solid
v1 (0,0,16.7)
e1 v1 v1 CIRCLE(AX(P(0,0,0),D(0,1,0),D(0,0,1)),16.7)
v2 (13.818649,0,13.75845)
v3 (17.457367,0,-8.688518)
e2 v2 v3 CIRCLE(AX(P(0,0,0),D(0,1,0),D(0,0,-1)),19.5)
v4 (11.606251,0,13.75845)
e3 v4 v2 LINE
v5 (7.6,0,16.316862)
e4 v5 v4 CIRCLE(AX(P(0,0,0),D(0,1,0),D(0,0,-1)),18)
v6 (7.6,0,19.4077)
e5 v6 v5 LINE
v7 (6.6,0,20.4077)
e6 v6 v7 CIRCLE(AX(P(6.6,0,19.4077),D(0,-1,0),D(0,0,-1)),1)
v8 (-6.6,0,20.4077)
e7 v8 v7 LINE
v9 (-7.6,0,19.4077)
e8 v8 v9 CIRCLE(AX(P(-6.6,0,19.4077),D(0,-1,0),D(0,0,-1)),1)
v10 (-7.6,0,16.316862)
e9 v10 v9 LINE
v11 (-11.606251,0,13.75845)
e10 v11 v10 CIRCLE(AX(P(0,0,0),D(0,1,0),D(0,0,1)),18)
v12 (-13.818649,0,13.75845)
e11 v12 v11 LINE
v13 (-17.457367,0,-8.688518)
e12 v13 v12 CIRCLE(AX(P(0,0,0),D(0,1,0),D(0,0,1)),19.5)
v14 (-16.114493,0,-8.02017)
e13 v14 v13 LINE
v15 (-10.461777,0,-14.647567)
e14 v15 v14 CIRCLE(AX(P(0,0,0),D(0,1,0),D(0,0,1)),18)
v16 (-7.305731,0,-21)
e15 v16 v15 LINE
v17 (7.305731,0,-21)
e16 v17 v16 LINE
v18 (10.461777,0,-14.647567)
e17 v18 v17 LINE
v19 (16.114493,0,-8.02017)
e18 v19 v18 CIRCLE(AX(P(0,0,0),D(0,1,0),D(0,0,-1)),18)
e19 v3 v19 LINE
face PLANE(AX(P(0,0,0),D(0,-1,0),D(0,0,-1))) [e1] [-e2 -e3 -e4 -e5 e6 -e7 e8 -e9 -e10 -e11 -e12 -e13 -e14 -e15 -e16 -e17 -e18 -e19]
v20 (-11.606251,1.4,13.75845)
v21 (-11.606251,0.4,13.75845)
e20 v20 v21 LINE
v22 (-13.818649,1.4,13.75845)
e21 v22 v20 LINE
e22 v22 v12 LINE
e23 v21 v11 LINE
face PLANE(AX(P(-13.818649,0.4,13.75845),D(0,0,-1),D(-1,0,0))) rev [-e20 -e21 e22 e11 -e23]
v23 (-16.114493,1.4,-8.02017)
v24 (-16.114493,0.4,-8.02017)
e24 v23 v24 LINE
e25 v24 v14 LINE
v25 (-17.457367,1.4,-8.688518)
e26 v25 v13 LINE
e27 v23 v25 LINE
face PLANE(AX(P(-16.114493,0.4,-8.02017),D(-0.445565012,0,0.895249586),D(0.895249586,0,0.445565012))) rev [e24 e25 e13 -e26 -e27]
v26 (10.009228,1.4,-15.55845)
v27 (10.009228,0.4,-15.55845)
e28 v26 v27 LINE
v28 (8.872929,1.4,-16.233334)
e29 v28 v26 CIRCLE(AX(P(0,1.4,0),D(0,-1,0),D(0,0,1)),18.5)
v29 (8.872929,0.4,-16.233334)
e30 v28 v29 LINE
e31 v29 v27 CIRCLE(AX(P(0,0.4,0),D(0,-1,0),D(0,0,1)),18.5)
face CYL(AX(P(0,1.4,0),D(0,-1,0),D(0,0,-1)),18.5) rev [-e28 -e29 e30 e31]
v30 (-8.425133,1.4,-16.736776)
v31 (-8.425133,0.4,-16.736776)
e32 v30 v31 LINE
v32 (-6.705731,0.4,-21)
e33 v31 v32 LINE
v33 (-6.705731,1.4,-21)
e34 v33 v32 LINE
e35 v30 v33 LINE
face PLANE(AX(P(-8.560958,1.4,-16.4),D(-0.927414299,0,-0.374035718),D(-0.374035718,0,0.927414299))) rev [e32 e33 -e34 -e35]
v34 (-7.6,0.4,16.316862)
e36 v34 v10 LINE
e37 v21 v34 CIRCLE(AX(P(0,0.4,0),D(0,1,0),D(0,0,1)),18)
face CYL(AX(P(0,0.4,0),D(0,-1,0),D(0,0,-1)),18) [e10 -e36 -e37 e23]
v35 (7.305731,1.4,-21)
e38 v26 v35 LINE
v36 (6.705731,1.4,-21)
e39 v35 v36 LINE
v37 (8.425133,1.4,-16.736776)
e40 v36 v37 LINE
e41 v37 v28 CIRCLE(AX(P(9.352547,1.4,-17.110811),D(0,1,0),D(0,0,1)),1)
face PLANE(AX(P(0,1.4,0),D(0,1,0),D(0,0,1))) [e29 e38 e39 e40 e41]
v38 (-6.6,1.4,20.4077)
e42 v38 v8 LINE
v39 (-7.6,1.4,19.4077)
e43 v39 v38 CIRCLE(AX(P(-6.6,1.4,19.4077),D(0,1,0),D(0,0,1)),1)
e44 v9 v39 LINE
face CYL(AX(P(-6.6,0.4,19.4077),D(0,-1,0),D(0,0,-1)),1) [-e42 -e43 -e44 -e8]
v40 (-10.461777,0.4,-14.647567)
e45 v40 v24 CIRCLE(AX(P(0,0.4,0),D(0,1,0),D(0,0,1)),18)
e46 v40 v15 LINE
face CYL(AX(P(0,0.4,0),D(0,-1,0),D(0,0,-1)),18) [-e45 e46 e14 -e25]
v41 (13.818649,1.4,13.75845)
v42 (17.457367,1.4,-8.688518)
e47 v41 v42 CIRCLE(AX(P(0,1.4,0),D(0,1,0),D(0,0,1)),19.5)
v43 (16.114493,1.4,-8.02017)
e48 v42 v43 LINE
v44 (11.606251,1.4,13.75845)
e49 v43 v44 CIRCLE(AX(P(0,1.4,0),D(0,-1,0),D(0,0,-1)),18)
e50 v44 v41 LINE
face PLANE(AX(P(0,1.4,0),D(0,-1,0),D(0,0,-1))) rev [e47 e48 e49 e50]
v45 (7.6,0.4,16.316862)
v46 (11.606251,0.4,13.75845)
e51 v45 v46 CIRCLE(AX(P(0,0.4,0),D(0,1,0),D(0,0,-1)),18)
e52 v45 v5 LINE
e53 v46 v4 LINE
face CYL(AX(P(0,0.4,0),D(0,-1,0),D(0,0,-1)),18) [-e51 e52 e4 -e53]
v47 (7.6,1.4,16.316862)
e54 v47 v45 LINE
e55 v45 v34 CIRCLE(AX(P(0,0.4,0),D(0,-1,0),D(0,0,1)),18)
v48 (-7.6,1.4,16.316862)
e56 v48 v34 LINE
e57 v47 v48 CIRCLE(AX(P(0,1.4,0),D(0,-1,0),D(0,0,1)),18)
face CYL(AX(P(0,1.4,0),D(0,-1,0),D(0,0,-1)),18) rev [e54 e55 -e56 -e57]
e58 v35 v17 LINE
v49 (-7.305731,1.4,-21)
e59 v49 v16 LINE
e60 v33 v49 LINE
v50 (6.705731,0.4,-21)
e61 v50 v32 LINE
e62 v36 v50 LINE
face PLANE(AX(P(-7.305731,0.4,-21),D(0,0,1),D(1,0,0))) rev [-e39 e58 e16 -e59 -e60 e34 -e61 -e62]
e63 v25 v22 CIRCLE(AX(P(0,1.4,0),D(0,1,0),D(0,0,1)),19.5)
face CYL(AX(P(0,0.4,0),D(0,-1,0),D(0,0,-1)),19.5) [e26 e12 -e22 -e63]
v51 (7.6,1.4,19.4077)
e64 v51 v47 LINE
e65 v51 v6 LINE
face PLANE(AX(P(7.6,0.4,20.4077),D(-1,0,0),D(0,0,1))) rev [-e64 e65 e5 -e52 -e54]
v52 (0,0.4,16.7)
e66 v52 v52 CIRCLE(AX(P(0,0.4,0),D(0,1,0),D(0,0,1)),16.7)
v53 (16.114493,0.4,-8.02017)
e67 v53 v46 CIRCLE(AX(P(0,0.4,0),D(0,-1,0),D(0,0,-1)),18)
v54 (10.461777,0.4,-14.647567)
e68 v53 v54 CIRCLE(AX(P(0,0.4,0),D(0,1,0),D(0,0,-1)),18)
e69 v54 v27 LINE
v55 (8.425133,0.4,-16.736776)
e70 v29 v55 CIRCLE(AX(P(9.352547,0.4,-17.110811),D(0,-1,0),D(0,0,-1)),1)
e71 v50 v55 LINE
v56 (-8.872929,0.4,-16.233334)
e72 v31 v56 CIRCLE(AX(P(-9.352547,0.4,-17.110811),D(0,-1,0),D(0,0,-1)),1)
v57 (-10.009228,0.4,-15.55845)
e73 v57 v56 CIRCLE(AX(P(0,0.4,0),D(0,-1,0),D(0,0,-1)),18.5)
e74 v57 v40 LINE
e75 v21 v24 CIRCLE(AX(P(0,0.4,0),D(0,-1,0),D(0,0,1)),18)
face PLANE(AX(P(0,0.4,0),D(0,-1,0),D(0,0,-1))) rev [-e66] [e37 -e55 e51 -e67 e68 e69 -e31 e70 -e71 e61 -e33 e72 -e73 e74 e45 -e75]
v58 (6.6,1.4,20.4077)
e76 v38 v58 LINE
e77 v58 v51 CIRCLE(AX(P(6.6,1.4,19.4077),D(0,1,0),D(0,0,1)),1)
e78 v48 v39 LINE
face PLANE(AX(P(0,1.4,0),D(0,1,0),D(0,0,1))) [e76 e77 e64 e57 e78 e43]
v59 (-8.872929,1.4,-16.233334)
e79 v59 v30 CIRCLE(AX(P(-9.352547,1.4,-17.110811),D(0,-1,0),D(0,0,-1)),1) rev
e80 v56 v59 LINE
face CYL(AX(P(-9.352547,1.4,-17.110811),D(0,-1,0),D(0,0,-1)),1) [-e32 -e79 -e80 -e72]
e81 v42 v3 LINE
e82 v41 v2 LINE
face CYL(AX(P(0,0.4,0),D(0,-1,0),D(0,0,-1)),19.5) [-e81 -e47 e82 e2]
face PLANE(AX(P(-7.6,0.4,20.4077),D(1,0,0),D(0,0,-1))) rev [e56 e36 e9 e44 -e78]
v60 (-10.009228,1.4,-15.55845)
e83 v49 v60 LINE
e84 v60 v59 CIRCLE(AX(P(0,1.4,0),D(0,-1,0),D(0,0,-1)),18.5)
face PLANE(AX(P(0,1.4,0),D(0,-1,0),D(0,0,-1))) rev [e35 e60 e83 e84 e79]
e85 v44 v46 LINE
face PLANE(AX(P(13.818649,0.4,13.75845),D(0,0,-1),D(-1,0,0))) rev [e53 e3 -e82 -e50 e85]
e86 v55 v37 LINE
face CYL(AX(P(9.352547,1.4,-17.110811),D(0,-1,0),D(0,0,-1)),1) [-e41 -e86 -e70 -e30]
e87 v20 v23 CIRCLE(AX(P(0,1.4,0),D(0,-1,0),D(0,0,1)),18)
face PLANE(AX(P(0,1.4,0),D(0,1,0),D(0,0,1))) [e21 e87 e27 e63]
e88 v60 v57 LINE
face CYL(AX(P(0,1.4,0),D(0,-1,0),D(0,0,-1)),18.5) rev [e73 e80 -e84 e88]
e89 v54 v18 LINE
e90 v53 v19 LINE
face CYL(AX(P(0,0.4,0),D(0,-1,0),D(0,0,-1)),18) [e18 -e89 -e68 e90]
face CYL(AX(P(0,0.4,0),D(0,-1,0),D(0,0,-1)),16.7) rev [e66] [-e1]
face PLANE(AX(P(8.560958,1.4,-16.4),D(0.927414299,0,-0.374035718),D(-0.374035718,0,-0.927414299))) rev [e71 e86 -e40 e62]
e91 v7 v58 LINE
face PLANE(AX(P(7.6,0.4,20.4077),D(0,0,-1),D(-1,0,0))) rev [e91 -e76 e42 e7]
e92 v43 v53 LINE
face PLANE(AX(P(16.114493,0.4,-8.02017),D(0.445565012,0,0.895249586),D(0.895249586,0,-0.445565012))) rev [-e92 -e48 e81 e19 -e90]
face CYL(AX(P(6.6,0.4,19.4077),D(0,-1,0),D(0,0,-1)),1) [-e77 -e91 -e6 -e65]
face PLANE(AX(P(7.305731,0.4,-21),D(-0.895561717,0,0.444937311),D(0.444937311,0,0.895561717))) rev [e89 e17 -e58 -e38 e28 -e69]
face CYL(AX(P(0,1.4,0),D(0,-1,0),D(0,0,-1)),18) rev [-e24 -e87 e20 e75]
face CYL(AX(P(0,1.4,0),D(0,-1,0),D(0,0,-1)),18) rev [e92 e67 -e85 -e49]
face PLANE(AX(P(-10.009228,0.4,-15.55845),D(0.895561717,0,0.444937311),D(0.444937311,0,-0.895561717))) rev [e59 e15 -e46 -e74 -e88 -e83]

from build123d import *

# Parameters (mm, degrees)
SKETCH1_R           = 16.7
BOSS_EXTRUDE1_DEPTH = 0.4
BOSS_EXTRUDE3_DEPTH = 1
FILLET1_R           = 1


with BuildPart() as part:
    # Sketch1 → Boss-Extrude1 (new body)
    with BuildSketch(Plane(origin=(0, 0, 0), x_dir=(1, 0, 0), z_dir=(0, 1, 0))):
        with BuildLine():
            Line((-7.305730618, 21), (-10.009228055, 15.558449593))
            Line((-10.009228055, 15.558449593), (-10.461777167, 14.647566983))
            ThreePointArc((-10.461777167, 14.647566983), (-13.695076666, 11.68096208), (-16.11449254, 8.020170209))
            Line((-16.11449254, 8.020170209), (-17.457366918, 8.688517726))
            ThreePointArc((-17.457366918, 8.688517726), (-19.248737127, -3.120275469), (-13.818649167, -13.758449593))
            Line((-13.818649167, -13.758449593), (-11.606251109, -13.758449593))
            ThreePointArc((-11.606251109, -13.758449593), (-9.687950737, -15.170484848), (-7.6, -16.316862443))
            Line((-7.6, -16.316862443), (-7.6, -20.407699946))
            Line((-7.6, -20.407699946), (7.6, -20.407699946))
            Line((7.6, -20.407699946), (7.6, -16.316862443))
            ThreePointArc((7.6, -16.316862443), (9.687950737, -15.170484848), (11.606251109, -13.758449593))
            Line((11.606251109, -13.758449593), (13.818649167, -13.758449593))
            ThreePointArc((13.818649167, -13.758449593), (19.248737127, -3.120275469), (17.457366918, 8.688517726))
            Line((17.457366918, 8.688517726), (16.11449254, 8.020170209))
            ThreePointArc((16.11449254, 8.020170209), (13.695076666, 11.68096208), (10.461777167, 14.647566983))
            Line((10.461777167, 14.647566983), (10.009228055, 15.558449593))
            Line((10.009228055, 15.558449593), (7.305730618, 21))
            Line((7.305730618, 21), (-7.305730618, 21))
        make_face()
        with Locations(Location((0, 0, 0), (0, 0, 270))):
            Circle(SKETCH1_R, mode=Mode.SUBTRACT)
    extrude(amount=BOSS_EXTRUDE1_DEPTH)

    # Sketch2 → Boss-Extrude3 (add)
    with BuildSketch(Plane(origin=(0, 0.4, 0), x_dir=(1, 0, 0), z_dir=(0, 1, 0))):
        with BuildLine():
            Line((-8.56095789, 16.4), (-6.705730618, 21))
            Line((-6.705730618, 21), (-7.305730618, 21))
            Line((-7.305730618, 21), (-10.009228055, 15.558449593))
            ThreePointArc((-10.009228055, 15.558449593), (-9.294622278, 15.995624299), (-8.56095789, 16.4))
        make_face()
        with BuildLine():
            Line((8.56095789, 16.4), (6.705730618, 21))
            Line((6.705730618, 21), (7.305730618, 21))
            Line((7.305730618, 21), (10.009228055, 15.558449593))
            ThreePointArc((10.009228055, 15.558449593), (9.294622278, 15.995624299), (8.56095789, 16.4))
        make_face()
        with BuildLine():
            Line((-7.6, -20.407699946), (7.6, -20.407699946))
            Line((7.6, -20.407699946), (7.6, -16.316862443))
            ThreePointArc((7.6, -16.316862443), (0, -18), (-7.6, -16.316862443))
            Line((-7.6, -16.316862443), (-7.6, -20.407699946))
        make_face()
        with BuildLine():
            Line((-16.11449254, 8.020170209), (-17.457366918, 8.688517726))
            ThreePointArc((-17.457366918, 8.688517726), (-19.248737127, -3.120275469), (-13.818649167, -13.758449593))
            Line((-13.818649167, -13.758449593), (-11.606251109, -13.758449593))
            ThreePointArc((-11.606251109, -13.758449593), (-17.626314908, -3.648701519), (-16.11449254, 8.020170209))
        make_face()
        with BuildLine():
            Line((17.457366918, 8.688517726), (16.11449254, 8.020170209))
            ThreePointArc((16.11449254, 8.020170209), (17.626314908, -3.648701519), (11.606251109, -13.758449593))
            Line((11.606251109, -13.758449593), (13.818649167, -13.758449593))
            ThreePointArc((13.818649167, -13.758449593), (19.248737127, -3.120275469), (17.457366918, 8.688517726))
        make_face()
    extrude(amount=BOSS_EXTRUDE3_DEPTH)

    # Fillet1
    fillet1_edges = [part.edges().sort_by_distance(p)[0] for p in [
        (7.6, 0.7, 20.407699946),
        (-7.6, 0.7, 20.407699946),
        (-8.56095789, 0.9, -16.4),
        (8.56095789, 0.9, -16.4),
    ]]
    fillet(fillet1_edges, radius=FILLET1_R)


solid = part.part
